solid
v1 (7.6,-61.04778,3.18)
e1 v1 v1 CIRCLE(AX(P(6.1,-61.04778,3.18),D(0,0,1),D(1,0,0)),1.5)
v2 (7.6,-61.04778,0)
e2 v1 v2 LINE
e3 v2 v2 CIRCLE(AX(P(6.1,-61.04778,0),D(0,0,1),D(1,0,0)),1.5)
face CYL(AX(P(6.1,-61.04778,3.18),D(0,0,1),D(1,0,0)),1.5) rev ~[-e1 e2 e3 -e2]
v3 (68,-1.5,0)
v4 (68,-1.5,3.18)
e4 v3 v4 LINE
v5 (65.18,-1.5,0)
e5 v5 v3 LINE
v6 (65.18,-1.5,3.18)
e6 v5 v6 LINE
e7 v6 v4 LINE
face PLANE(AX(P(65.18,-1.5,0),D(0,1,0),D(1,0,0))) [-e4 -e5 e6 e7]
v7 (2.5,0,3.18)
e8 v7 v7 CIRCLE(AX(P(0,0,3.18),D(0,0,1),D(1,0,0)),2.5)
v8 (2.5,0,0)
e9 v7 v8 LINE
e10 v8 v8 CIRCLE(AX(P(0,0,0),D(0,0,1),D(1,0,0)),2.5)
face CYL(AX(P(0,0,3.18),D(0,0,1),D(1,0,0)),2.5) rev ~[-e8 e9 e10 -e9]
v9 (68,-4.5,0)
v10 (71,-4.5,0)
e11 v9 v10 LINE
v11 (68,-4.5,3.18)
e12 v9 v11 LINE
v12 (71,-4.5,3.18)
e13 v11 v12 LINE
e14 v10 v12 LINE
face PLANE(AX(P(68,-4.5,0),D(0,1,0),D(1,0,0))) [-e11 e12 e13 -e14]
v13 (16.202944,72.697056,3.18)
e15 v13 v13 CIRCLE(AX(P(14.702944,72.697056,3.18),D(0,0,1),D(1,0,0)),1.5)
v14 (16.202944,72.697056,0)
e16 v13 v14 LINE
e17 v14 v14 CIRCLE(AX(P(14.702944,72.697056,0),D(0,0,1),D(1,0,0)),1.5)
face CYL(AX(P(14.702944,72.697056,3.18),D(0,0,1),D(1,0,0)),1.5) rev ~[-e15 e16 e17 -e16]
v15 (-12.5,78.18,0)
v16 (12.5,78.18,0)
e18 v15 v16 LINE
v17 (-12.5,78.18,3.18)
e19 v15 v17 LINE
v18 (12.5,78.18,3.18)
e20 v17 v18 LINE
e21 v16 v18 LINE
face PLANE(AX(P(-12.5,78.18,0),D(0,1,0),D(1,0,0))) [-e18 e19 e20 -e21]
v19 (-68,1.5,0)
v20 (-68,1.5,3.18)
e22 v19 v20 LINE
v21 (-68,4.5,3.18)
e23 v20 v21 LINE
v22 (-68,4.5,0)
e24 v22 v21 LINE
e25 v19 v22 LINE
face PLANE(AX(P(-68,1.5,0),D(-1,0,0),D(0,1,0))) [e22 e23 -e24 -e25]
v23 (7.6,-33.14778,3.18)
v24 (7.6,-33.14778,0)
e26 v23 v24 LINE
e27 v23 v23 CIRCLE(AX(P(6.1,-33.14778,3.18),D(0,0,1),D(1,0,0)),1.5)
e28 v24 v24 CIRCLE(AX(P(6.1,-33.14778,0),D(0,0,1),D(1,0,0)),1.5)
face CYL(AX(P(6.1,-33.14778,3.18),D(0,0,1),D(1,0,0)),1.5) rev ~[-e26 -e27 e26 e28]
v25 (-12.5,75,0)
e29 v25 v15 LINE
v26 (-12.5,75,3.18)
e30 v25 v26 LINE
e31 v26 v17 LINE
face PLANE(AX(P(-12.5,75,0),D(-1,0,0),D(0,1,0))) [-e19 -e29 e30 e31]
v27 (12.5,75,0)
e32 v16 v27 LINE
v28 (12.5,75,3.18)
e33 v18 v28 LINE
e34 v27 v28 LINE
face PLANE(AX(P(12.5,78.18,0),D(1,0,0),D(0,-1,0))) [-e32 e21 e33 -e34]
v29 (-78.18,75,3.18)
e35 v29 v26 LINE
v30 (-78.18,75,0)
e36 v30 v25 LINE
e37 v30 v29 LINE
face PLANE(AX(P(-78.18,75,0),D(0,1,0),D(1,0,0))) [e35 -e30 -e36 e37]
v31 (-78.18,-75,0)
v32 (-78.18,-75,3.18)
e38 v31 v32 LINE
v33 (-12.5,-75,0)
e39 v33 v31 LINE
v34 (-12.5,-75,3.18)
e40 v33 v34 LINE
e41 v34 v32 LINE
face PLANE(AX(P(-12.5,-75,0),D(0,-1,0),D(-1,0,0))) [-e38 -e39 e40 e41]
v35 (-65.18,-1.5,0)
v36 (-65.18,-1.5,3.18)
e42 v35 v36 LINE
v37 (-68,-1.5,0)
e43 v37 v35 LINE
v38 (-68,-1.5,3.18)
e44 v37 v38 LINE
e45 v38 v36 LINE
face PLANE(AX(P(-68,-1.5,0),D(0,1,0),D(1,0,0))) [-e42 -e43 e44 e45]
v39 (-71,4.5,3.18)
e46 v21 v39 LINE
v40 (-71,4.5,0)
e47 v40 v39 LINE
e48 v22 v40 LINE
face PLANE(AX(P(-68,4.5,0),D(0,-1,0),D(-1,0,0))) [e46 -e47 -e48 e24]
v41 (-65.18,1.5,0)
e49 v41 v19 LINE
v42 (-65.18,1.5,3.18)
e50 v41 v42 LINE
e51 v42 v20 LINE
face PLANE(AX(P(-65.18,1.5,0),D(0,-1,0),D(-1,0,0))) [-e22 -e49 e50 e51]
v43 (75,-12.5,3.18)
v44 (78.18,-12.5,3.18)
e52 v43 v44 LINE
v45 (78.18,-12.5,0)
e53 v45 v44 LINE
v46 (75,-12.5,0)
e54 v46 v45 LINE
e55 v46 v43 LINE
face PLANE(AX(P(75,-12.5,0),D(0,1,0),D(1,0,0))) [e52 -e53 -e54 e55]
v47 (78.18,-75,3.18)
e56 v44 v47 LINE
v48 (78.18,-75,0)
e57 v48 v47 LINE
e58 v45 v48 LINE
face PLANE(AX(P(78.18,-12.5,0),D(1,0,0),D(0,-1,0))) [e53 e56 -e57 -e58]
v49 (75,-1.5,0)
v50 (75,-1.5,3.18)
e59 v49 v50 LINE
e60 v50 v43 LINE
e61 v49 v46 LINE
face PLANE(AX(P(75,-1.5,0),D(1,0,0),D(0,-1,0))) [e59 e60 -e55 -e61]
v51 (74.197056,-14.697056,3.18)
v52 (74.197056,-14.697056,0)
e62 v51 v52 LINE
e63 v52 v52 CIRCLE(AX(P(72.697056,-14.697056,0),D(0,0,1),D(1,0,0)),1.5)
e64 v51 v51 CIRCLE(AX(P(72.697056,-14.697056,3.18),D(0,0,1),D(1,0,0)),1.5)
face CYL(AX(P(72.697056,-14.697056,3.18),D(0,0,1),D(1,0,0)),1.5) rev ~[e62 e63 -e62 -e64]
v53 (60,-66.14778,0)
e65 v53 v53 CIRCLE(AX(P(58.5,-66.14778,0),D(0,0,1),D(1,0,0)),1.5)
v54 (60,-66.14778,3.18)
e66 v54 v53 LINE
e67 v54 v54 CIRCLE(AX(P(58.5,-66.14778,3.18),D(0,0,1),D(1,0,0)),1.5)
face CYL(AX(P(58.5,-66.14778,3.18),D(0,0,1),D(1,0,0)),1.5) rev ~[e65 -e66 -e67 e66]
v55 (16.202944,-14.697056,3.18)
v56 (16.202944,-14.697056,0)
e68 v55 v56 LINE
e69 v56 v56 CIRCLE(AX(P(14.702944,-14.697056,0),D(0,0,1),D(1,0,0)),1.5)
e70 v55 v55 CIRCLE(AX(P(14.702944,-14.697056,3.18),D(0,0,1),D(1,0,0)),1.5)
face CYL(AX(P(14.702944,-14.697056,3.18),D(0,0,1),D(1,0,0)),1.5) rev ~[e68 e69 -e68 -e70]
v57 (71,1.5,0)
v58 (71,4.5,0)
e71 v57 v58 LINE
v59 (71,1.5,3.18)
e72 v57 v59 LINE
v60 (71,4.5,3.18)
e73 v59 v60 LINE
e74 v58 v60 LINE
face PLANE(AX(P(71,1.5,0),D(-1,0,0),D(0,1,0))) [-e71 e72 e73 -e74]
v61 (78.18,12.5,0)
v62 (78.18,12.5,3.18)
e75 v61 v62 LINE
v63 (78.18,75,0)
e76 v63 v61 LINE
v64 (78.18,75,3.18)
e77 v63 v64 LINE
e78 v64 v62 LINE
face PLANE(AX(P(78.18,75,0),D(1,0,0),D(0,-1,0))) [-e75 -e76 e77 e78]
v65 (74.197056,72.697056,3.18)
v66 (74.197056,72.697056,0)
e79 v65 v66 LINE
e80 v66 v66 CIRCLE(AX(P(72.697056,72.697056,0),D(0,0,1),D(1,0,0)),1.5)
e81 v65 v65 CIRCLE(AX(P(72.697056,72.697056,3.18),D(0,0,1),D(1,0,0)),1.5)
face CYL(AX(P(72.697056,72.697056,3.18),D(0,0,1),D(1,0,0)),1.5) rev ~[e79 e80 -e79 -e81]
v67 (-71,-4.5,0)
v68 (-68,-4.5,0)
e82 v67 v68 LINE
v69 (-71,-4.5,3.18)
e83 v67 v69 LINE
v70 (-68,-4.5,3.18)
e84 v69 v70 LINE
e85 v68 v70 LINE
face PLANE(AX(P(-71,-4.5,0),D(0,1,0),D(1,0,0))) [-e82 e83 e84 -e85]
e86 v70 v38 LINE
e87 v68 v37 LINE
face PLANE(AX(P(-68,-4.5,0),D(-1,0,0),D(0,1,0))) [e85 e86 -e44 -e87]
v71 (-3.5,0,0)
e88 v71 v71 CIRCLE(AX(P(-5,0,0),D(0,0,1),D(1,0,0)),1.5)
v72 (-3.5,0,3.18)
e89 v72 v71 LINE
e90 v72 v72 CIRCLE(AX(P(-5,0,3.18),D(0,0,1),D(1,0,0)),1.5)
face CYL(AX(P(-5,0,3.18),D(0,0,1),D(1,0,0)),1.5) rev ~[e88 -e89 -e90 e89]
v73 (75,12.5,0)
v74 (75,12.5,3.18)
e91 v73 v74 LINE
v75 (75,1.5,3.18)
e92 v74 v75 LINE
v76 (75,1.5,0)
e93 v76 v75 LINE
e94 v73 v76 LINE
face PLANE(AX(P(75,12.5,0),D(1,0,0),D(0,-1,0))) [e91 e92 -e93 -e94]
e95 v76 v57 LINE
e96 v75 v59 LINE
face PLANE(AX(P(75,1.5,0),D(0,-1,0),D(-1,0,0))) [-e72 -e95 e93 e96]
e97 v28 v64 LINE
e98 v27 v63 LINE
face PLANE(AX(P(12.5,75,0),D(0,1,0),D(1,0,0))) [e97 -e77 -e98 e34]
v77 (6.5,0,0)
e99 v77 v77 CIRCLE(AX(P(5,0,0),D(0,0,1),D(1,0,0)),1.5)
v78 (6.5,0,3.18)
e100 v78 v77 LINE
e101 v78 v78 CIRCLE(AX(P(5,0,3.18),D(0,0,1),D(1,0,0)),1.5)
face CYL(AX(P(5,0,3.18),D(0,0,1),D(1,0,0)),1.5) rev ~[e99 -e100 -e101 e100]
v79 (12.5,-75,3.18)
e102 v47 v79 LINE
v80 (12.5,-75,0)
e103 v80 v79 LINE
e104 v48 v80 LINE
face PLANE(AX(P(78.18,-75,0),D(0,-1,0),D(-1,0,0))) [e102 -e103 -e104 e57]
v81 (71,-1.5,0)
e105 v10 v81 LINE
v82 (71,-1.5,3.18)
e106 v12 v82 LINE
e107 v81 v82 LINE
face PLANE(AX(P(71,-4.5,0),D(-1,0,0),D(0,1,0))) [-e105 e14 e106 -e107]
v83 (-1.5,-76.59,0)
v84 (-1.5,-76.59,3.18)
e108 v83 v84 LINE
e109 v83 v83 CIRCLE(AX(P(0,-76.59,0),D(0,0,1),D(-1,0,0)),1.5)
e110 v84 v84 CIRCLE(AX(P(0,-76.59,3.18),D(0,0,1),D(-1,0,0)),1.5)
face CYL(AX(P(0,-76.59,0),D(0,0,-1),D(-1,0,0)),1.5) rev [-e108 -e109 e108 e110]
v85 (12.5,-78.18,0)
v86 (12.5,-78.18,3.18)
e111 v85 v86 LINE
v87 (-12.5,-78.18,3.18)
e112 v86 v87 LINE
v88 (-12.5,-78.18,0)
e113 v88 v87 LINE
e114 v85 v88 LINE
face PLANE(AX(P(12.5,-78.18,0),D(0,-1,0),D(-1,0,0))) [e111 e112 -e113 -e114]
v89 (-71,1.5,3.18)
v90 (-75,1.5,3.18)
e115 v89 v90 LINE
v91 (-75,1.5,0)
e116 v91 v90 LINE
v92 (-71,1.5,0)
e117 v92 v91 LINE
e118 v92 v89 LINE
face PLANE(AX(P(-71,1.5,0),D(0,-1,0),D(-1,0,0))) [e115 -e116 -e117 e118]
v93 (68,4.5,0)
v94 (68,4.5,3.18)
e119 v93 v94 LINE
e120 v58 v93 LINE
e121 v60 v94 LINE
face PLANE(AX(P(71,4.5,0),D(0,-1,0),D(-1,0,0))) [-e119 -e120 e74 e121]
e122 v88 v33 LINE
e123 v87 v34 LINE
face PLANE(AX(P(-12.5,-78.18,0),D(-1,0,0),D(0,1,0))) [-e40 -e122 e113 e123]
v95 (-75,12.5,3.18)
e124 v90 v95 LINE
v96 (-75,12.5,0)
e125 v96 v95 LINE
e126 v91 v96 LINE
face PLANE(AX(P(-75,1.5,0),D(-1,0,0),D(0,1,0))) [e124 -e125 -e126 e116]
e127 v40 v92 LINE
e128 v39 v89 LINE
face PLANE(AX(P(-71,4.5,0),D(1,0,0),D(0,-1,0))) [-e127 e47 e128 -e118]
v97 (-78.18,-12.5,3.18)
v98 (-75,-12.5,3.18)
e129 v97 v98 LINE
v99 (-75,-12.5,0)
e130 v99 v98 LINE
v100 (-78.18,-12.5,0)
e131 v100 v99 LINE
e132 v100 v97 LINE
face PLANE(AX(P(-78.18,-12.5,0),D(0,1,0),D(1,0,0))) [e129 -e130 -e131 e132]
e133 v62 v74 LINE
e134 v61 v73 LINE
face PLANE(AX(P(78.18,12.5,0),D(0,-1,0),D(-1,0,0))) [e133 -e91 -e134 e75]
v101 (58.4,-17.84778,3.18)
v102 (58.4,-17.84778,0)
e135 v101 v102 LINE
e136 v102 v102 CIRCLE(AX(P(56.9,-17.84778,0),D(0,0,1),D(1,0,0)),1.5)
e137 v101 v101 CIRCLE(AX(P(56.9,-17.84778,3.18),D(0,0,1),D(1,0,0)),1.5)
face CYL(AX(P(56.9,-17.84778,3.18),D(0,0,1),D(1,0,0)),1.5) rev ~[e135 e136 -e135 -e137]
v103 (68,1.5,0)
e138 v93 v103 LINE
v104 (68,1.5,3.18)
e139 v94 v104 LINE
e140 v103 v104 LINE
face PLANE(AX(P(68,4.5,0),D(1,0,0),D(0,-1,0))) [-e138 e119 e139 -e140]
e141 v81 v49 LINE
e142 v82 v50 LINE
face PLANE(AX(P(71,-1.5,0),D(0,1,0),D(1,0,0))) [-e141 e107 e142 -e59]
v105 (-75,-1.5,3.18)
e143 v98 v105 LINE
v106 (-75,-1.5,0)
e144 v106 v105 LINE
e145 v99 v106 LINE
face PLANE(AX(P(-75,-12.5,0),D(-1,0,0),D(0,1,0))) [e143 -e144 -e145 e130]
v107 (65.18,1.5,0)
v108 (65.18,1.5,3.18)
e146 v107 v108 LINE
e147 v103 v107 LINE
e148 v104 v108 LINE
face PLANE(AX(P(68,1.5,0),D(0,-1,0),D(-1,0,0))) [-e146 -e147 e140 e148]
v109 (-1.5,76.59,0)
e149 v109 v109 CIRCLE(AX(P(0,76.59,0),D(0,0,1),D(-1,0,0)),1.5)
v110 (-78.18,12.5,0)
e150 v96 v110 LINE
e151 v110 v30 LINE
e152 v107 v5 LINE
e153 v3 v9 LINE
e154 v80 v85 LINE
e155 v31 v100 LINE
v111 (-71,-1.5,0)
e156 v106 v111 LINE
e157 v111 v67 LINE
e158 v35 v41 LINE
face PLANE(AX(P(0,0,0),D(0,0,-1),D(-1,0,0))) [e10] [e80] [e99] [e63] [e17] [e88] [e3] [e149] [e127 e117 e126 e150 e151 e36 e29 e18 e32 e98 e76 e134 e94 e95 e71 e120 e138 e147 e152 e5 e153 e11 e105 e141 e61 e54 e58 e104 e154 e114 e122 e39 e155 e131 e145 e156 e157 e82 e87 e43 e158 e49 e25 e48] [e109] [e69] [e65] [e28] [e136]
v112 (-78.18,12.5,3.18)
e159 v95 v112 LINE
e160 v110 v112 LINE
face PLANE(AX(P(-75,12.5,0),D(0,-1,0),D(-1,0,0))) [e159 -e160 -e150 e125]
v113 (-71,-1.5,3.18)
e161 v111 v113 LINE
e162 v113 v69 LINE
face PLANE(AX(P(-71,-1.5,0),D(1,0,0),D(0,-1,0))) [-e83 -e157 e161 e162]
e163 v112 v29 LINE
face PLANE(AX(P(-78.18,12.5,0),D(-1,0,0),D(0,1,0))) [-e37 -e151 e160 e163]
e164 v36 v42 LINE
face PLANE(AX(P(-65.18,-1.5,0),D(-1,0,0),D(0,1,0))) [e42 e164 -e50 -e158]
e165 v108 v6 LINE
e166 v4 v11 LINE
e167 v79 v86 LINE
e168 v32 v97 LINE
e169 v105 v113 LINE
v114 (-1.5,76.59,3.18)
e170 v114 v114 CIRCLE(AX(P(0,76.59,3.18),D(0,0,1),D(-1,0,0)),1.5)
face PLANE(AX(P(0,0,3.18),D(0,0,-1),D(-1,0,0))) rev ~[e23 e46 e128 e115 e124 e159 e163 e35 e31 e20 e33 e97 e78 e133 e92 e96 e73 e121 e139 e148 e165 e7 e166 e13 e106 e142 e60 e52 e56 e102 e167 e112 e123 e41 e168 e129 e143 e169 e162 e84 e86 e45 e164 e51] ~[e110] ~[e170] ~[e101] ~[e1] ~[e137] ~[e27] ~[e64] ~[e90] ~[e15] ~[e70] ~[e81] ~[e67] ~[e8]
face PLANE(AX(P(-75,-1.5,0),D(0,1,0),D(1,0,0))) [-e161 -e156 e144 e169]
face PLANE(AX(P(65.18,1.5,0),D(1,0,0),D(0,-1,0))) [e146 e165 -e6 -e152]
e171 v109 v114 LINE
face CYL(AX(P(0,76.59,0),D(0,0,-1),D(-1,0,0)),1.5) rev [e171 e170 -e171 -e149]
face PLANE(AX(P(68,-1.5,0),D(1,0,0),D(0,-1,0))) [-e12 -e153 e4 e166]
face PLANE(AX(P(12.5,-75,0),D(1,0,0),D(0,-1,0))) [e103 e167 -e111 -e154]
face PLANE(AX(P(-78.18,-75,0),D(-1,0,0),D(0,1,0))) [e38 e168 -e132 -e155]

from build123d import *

# Parameters (mm, degrees)
SKETCH1_R           = 1.5
BOSS_EXTRUDE1_DEPTH = 3.18
SKETCH2_R           = 2.5
SKETCH2_R_2         = 1.5
CUT_EXTRUDE1_DEPTH  = 20
SKETCH3_R           = 1.5
CUT_EXTRUDE2_DEPTH  = 20
SKETCH5_R           = 1.5
CUT_EXTRUDE4_DEPTH  = 4


with BuildPart() as part:
    # Sketch1 → Boss-Extrude1 (new body)
    with BuildSketch(Plane.XY):
        Polygon((-78.18, 75), (-12.5, 75), (-12.5, 78.18), (12.5, 78.18), (12.5, 75), (78.18, 75), (78.18, 12.5), (75, 12.5), (75, 1.5), (71, 1.5), (71, 4.5), (68, 4.5), (68, 1.5), (65.18, 1.5), (65.18, -1.5), (68, -1.5), (68, -4.5), (71, -4.5), (71, -1.5), (75, -1.5), (75, -12.5), (78.18, -12.5), (78.18, -75), (12.5, -75), (12.5, -78.18), (-12.5, -78.18), (-12.5, -75), (-78.18, -75), (-78.18, -12.5), (-75, -12.5), (-75, -1.5), (-71, -1.5), (-71, -4.5), (-68, -4.5), (-68, -1.5), (-65.18, -1.5), (-65.18, 1.5), (-68, 1.5), (-68, 4.5), (-71, 4.5), (-71, 1.5), (-75, 1.5), (-75, 12.5), (-78.18, 12.5), align=None)
        with Locations(Location((0, -76.59, 0), (0, 0, 180))):
            Circle(SKETCH1_R, mode=Mode.SUBTRACT)
        with Locations(Location((0, 76.59, 0), (0, 0, 180))):
            Circle(SKETCH1_R, mode=Mode.SUBTRACT)
    extrude(amount=BOSS_EXTRUDE1_DEPTH)

    # Sketch2 → Cut-Extrude1 (cut)
    with BuildSketch(Plane.XY.offset(3.18)):
        Circle(SKETCH2_R)
        with Locations((-5, 0)):
            Circle(SKETCH2_R_2)
        with Locations((5, 0)):
            Circle(SKETCH2_R_2)
    extrude(amount=-CUT_EXTRUDE1_DEPTH, mode=Mode.SUBTRACT)

    # Sketch3 → Cut-Extrude2 (cut)
    with BuildSketch(Plane.XY.offset(3.18)):
        with Locations((56.9, -17.847779645)):
            Circle(SKETCH3_R)
        with Locations((58.5, -66.147779645)):
            Circle(SKETCH3_R)
        with Locations((6.1, -33.147779645)):
            Circle(SKETCH3_R)
        with Locations((6.1, -61.047779645)):
            Circle(SKETCH3_R)
    extrude(amount=-CUT_EXTRUDE2_DEPTH, mode=Mode.SUBTRACT)

    # Sketch5 → Cut-Extrude4 (cut)
    with BuildSketch(Plane.XY.offset(3.18)):
        with Locations((14.702943725, 72.697056275)):
            Circle(SKETCH5_R)
        with Locations((72.697056275, 72.697056275)):
            Circle(SKETCH5_R)
        with Locations((14.702943725, -14.697056275)):
            Circle(SKETCH5_R)
        with Locations((72.697056275, -14.697056275)):
            Circle(SKETCH5_R)
    extrude(amount=-CUT_EXTRUDE4_DEPTH, mode=Mode.SUBTRACT)


solid = part.part
